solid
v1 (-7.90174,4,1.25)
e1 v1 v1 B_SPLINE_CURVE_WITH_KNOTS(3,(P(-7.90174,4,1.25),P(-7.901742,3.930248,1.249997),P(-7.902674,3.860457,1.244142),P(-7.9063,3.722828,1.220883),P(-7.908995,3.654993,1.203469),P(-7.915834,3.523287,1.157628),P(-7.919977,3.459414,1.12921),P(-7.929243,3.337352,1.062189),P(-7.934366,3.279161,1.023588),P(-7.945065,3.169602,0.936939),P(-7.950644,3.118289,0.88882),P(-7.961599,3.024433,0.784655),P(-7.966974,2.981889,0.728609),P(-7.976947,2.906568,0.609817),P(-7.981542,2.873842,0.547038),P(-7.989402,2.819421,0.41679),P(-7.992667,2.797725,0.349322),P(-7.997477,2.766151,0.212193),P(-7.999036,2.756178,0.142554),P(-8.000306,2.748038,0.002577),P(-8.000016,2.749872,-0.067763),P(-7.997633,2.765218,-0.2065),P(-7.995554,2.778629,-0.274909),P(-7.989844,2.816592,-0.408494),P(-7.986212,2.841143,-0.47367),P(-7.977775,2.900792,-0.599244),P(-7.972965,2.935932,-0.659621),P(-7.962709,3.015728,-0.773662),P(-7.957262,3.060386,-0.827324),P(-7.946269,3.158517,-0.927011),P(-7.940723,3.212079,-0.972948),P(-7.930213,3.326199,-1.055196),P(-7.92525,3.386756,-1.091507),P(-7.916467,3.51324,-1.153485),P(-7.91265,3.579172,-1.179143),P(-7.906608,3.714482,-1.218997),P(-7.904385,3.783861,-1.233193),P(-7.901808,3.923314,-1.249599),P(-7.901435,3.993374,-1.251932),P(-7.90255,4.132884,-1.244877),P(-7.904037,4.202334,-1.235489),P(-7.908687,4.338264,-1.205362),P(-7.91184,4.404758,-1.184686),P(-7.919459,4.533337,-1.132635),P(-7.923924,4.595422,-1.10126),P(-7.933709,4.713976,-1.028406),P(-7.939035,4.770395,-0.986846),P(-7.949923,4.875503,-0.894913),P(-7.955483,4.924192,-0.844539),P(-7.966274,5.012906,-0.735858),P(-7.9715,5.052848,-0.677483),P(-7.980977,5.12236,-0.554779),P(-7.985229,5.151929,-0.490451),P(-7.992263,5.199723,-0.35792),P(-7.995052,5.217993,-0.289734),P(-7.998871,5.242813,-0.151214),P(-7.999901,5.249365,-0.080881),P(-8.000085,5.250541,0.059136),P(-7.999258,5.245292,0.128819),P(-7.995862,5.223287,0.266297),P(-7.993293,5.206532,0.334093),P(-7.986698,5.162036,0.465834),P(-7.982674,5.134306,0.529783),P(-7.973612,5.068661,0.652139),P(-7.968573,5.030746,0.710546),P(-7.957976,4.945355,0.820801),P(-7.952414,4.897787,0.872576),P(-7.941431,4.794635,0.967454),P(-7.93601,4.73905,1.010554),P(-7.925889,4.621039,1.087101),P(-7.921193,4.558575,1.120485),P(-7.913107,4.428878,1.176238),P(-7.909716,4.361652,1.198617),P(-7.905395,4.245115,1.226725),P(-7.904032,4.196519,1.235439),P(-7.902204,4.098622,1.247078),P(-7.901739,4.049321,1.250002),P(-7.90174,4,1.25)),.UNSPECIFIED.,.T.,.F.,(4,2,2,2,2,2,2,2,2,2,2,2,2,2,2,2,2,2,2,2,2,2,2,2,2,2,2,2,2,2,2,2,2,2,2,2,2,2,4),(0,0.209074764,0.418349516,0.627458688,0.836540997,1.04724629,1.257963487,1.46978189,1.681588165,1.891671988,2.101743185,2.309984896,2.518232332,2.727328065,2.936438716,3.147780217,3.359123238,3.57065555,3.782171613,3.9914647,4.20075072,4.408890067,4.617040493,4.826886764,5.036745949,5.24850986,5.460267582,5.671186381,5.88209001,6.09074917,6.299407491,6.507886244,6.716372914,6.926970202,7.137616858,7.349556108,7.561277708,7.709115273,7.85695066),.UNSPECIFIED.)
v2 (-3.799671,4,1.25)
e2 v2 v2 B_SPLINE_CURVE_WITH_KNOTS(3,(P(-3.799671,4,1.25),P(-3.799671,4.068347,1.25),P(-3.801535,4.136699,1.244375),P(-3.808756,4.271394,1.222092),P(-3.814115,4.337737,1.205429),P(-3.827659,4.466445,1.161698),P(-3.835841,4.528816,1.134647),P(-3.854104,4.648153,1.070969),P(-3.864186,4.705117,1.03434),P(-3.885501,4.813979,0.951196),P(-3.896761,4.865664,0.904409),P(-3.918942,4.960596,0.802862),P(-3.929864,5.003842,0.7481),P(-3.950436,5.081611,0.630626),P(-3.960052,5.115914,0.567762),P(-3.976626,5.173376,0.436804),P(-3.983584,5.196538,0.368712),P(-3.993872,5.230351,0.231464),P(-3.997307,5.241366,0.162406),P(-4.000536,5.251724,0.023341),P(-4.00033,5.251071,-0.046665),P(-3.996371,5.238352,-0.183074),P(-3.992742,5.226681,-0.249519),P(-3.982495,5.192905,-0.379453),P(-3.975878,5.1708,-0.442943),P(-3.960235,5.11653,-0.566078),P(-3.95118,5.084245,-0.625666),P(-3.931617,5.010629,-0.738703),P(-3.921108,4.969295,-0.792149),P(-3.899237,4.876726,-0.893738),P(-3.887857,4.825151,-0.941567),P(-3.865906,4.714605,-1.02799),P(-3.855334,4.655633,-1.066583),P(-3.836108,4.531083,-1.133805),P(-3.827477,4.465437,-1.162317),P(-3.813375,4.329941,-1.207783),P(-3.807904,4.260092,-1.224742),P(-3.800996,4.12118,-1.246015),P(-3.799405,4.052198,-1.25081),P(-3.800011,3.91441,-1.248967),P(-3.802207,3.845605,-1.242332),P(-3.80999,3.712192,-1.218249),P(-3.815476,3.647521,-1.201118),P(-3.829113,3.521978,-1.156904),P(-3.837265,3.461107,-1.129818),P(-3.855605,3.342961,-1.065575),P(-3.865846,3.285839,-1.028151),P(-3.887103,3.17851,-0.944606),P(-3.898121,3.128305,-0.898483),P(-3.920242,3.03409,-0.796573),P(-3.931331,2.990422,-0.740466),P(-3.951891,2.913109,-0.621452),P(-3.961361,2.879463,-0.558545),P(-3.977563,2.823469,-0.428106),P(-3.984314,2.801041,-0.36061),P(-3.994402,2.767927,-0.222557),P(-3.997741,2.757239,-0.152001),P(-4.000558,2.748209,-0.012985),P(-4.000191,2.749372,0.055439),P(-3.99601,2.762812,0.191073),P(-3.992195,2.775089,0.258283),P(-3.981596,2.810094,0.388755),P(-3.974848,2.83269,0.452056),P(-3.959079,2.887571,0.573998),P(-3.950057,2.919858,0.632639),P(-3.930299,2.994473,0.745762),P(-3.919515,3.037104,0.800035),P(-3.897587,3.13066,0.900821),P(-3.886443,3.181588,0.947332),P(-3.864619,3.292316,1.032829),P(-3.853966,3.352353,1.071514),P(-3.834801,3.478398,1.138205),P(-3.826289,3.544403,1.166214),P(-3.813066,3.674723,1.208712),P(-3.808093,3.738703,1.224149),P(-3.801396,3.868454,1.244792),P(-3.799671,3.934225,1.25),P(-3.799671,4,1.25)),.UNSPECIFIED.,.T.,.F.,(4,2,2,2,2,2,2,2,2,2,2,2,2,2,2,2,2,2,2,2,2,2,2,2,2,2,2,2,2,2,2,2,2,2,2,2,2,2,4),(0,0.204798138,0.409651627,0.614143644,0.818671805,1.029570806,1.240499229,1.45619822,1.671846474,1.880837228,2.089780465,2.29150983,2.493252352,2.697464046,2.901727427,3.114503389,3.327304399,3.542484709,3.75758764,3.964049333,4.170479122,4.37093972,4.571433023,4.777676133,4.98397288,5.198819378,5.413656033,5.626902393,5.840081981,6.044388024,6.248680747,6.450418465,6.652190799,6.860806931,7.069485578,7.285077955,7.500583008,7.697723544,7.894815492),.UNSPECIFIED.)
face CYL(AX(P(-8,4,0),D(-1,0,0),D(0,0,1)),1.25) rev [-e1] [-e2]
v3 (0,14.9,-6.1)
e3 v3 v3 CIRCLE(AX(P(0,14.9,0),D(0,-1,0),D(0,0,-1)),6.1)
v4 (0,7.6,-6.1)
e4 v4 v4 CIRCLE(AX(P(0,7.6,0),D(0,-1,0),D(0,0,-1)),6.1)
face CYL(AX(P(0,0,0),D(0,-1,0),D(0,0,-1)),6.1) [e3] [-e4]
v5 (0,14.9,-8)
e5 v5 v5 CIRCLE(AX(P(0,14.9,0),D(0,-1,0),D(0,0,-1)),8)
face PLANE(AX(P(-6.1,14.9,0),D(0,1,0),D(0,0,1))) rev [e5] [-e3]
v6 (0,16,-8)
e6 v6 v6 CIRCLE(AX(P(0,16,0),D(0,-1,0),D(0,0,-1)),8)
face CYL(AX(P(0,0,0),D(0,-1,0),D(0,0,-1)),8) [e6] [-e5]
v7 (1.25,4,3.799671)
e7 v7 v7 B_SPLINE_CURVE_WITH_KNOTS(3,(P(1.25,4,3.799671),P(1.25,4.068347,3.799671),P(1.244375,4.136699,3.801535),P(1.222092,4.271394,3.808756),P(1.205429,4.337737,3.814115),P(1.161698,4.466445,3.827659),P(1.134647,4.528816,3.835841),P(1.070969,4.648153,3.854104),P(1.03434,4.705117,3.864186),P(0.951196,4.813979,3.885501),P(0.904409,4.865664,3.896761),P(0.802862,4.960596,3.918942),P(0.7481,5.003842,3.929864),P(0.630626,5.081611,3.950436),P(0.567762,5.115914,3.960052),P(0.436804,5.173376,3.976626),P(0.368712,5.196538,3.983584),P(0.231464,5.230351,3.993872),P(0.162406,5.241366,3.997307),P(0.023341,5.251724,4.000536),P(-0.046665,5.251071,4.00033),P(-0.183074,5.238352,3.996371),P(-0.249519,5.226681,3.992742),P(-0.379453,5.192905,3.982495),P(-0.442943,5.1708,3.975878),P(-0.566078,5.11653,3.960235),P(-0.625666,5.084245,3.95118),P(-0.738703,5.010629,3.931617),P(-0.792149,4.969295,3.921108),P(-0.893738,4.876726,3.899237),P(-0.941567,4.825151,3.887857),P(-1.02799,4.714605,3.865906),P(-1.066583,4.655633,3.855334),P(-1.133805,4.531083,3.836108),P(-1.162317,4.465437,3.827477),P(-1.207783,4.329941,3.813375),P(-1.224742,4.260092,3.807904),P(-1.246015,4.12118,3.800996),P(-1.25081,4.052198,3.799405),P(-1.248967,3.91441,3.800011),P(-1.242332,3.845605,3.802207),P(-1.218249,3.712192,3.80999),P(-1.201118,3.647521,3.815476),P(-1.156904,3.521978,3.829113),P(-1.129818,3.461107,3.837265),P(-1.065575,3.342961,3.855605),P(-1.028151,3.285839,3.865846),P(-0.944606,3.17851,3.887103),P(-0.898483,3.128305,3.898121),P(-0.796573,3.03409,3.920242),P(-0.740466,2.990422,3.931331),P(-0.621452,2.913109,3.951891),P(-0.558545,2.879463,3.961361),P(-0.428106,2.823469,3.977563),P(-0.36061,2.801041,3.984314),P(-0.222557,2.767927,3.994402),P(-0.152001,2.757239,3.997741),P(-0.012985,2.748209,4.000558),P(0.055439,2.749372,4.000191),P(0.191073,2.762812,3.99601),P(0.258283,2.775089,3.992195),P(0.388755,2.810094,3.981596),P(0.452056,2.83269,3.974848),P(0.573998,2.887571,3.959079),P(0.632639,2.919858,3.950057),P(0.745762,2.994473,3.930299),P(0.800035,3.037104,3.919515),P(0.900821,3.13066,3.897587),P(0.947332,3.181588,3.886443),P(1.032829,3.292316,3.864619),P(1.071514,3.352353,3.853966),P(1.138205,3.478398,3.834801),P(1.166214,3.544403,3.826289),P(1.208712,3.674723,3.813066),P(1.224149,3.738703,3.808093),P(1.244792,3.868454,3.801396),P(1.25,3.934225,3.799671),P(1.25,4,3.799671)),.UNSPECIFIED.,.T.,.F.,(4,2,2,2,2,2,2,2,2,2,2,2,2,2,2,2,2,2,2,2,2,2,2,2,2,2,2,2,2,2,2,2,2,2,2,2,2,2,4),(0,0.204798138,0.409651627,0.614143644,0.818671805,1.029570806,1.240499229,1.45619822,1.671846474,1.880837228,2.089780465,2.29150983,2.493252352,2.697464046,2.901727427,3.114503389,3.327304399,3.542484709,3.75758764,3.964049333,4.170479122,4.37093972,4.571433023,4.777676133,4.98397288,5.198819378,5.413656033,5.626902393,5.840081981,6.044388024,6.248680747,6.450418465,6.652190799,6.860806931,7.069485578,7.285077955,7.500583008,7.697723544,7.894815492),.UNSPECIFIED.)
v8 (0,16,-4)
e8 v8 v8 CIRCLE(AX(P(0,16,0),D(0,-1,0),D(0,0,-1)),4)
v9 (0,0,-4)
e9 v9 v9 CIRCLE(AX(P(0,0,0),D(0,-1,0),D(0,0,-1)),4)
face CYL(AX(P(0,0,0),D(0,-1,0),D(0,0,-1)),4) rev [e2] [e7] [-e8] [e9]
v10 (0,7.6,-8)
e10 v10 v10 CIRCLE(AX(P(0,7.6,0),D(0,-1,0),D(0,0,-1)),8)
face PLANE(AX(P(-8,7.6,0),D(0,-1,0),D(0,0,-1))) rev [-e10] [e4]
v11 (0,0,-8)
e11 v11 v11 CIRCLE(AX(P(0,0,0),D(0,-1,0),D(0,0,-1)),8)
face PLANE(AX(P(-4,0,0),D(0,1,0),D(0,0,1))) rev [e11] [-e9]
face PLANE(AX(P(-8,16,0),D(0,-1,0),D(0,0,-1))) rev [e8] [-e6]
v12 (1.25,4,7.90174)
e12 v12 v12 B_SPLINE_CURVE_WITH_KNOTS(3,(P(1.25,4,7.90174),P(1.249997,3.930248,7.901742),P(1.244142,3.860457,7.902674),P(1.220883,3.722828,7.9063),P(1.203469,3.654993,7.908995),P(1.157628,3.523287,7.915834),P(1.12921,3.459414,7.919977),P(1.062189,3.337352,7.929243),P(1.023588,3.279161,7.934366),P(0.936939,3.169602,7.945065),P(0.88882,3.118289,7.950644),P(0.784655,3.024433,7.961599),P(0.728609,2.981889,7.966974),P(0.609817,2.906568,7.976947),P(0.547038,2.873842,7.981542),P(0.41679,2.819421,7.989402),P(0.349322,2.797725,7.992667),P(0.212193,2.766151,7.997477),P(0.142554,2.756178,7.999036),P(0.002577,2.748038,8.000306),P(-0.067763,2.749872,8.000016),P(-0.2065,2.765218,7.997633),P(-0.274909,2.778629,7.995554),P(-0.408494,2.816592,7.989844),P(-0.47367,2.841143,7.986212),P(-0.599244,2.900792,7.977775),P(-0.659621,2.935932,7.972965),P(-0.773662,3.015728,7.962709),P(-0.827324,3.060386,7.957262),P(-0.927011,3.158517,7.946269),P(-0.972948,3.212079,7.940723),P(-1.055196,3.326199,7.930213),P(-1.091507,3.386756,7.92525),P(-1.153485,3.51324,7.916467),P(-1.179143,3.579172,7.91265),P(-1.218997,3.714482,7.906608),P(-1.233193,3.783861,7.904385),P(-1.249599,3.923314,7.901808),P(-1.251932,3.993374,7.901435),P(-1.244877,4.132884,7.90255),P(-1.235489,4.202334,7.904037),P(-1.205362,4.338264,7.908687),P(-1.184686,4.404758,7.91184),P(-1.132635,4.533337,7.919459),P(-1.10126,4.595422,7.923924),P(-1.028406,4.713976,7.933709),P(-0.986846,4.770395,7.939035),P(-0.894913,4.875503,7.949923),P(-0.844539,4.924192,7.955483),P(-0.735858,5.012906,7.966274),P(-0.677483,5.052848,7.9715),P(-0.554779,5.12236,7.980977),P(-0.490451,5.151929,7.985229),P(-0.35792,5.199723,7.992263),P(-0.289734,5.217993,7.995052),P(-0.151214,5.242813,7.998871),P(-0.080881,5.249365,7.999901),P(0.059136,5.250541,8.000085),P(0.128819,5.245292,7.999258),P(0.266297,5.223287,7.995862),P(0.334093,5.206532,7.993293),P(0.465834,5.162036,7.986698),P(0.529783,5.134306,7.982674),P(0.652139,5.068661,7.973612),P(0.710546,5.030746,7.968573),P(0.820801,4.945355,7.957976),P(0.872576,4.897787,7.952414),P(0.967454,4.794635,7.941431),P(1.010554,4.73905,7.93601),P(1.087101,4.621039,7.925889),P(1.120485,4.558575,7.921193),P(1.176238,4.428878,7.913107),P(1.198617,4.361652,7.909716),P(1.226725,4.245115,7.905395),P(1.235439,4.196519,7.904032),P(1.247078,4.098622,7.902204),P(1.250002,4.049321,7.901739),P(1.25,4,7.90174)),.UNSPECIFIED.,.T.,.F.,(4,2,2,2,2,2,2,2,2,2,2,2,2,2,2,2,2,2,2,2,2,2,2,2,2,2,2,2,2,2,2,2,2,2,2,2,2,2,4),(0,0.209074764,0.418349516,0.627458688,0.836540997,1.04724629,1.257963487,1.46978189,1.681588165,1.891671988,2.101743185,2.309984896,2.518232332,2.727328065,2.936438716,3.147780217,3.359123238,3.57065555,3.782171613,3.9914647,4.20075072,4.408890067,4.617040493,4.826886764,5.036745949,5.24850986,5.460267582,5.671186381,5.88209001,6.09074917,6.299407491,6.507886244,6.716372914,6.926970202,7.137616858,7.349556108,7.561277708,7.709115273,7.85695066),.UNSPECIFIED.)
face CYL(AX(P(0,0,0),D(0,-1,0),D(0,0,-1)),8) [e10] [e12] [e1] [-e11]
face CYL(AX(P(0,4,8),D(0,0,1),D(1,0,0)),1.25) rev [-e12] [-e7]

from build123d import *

# Parameters (mm, degrees)
M3_GEWINDEBOHRUNG1_REACH  = 26
M3_GEWINDEBOHRUNG1_BORE_R = 1.25
KREISMUSTER1_COUNT        = 2
KREISMUSTER1_ANGLE        = 90


with BuildPart() as part:
    # Skizze1 → Rotation1 (revolve)
    with BuildSketch(Plane.XY, mode=Mode.PRIVATE) as rotation1_sk:
        Polygon((-4, 16), (-4, 0), (-8, 0), (-8, 7.6), (-6.1, 7.6), (-6.1, 14.9), (-8, 14.9), (-8, 16), align=None)
    revolve(rotation1_sk.sketch.rotate(Axis((0, 0, 0), (0, 1, 0)), 270), axis=Axis((0, 0, 0), (0, 1, 0)))

    # M3 Gewindebohrung1 bore → M3 Gewindebohrung1 (cut, up to next)
    with BuildSketch(Plane.XY.offset(8), mode=Mode.PRIVATE) as m3_gewindebohrung1_sk1:
        with Locations((0, 4)):
            Circle(M3_GEWINDEBOHRUNG1_BORE_R)
    m3_gewindebohrung1_tool1 = extrude(m3_gewindebohrung1_sk1.sketch, amount=-M3_GEWINDEBOHRUNG1_REACH, mode=Mode.PRIVATE) & part.part
    m3_gewindebohrung1 = m3_gewindebohrung1_tool1.solids().sort_by_distance((0, 4, 8))[0]
    add(m3_gewindebohrung1, mode=Mode.SUBTRACT)

    # Kreismuster1: M3 Gewindebohrung1 ×2 about axis
    kreismuster1_axis = Axis((0, 0, 0), (0, -1, 0))
    for i in range(1, KREISMUSTER1_COUNT):
        add(m3_gewindebohrung1.rotate(kreismuster1_axis, i * KREISMUSTER1_ANGLE / (KREISMUSTER1_COUNT - 1)), mode=Mode.SUBTRACT)


solid = part.part
